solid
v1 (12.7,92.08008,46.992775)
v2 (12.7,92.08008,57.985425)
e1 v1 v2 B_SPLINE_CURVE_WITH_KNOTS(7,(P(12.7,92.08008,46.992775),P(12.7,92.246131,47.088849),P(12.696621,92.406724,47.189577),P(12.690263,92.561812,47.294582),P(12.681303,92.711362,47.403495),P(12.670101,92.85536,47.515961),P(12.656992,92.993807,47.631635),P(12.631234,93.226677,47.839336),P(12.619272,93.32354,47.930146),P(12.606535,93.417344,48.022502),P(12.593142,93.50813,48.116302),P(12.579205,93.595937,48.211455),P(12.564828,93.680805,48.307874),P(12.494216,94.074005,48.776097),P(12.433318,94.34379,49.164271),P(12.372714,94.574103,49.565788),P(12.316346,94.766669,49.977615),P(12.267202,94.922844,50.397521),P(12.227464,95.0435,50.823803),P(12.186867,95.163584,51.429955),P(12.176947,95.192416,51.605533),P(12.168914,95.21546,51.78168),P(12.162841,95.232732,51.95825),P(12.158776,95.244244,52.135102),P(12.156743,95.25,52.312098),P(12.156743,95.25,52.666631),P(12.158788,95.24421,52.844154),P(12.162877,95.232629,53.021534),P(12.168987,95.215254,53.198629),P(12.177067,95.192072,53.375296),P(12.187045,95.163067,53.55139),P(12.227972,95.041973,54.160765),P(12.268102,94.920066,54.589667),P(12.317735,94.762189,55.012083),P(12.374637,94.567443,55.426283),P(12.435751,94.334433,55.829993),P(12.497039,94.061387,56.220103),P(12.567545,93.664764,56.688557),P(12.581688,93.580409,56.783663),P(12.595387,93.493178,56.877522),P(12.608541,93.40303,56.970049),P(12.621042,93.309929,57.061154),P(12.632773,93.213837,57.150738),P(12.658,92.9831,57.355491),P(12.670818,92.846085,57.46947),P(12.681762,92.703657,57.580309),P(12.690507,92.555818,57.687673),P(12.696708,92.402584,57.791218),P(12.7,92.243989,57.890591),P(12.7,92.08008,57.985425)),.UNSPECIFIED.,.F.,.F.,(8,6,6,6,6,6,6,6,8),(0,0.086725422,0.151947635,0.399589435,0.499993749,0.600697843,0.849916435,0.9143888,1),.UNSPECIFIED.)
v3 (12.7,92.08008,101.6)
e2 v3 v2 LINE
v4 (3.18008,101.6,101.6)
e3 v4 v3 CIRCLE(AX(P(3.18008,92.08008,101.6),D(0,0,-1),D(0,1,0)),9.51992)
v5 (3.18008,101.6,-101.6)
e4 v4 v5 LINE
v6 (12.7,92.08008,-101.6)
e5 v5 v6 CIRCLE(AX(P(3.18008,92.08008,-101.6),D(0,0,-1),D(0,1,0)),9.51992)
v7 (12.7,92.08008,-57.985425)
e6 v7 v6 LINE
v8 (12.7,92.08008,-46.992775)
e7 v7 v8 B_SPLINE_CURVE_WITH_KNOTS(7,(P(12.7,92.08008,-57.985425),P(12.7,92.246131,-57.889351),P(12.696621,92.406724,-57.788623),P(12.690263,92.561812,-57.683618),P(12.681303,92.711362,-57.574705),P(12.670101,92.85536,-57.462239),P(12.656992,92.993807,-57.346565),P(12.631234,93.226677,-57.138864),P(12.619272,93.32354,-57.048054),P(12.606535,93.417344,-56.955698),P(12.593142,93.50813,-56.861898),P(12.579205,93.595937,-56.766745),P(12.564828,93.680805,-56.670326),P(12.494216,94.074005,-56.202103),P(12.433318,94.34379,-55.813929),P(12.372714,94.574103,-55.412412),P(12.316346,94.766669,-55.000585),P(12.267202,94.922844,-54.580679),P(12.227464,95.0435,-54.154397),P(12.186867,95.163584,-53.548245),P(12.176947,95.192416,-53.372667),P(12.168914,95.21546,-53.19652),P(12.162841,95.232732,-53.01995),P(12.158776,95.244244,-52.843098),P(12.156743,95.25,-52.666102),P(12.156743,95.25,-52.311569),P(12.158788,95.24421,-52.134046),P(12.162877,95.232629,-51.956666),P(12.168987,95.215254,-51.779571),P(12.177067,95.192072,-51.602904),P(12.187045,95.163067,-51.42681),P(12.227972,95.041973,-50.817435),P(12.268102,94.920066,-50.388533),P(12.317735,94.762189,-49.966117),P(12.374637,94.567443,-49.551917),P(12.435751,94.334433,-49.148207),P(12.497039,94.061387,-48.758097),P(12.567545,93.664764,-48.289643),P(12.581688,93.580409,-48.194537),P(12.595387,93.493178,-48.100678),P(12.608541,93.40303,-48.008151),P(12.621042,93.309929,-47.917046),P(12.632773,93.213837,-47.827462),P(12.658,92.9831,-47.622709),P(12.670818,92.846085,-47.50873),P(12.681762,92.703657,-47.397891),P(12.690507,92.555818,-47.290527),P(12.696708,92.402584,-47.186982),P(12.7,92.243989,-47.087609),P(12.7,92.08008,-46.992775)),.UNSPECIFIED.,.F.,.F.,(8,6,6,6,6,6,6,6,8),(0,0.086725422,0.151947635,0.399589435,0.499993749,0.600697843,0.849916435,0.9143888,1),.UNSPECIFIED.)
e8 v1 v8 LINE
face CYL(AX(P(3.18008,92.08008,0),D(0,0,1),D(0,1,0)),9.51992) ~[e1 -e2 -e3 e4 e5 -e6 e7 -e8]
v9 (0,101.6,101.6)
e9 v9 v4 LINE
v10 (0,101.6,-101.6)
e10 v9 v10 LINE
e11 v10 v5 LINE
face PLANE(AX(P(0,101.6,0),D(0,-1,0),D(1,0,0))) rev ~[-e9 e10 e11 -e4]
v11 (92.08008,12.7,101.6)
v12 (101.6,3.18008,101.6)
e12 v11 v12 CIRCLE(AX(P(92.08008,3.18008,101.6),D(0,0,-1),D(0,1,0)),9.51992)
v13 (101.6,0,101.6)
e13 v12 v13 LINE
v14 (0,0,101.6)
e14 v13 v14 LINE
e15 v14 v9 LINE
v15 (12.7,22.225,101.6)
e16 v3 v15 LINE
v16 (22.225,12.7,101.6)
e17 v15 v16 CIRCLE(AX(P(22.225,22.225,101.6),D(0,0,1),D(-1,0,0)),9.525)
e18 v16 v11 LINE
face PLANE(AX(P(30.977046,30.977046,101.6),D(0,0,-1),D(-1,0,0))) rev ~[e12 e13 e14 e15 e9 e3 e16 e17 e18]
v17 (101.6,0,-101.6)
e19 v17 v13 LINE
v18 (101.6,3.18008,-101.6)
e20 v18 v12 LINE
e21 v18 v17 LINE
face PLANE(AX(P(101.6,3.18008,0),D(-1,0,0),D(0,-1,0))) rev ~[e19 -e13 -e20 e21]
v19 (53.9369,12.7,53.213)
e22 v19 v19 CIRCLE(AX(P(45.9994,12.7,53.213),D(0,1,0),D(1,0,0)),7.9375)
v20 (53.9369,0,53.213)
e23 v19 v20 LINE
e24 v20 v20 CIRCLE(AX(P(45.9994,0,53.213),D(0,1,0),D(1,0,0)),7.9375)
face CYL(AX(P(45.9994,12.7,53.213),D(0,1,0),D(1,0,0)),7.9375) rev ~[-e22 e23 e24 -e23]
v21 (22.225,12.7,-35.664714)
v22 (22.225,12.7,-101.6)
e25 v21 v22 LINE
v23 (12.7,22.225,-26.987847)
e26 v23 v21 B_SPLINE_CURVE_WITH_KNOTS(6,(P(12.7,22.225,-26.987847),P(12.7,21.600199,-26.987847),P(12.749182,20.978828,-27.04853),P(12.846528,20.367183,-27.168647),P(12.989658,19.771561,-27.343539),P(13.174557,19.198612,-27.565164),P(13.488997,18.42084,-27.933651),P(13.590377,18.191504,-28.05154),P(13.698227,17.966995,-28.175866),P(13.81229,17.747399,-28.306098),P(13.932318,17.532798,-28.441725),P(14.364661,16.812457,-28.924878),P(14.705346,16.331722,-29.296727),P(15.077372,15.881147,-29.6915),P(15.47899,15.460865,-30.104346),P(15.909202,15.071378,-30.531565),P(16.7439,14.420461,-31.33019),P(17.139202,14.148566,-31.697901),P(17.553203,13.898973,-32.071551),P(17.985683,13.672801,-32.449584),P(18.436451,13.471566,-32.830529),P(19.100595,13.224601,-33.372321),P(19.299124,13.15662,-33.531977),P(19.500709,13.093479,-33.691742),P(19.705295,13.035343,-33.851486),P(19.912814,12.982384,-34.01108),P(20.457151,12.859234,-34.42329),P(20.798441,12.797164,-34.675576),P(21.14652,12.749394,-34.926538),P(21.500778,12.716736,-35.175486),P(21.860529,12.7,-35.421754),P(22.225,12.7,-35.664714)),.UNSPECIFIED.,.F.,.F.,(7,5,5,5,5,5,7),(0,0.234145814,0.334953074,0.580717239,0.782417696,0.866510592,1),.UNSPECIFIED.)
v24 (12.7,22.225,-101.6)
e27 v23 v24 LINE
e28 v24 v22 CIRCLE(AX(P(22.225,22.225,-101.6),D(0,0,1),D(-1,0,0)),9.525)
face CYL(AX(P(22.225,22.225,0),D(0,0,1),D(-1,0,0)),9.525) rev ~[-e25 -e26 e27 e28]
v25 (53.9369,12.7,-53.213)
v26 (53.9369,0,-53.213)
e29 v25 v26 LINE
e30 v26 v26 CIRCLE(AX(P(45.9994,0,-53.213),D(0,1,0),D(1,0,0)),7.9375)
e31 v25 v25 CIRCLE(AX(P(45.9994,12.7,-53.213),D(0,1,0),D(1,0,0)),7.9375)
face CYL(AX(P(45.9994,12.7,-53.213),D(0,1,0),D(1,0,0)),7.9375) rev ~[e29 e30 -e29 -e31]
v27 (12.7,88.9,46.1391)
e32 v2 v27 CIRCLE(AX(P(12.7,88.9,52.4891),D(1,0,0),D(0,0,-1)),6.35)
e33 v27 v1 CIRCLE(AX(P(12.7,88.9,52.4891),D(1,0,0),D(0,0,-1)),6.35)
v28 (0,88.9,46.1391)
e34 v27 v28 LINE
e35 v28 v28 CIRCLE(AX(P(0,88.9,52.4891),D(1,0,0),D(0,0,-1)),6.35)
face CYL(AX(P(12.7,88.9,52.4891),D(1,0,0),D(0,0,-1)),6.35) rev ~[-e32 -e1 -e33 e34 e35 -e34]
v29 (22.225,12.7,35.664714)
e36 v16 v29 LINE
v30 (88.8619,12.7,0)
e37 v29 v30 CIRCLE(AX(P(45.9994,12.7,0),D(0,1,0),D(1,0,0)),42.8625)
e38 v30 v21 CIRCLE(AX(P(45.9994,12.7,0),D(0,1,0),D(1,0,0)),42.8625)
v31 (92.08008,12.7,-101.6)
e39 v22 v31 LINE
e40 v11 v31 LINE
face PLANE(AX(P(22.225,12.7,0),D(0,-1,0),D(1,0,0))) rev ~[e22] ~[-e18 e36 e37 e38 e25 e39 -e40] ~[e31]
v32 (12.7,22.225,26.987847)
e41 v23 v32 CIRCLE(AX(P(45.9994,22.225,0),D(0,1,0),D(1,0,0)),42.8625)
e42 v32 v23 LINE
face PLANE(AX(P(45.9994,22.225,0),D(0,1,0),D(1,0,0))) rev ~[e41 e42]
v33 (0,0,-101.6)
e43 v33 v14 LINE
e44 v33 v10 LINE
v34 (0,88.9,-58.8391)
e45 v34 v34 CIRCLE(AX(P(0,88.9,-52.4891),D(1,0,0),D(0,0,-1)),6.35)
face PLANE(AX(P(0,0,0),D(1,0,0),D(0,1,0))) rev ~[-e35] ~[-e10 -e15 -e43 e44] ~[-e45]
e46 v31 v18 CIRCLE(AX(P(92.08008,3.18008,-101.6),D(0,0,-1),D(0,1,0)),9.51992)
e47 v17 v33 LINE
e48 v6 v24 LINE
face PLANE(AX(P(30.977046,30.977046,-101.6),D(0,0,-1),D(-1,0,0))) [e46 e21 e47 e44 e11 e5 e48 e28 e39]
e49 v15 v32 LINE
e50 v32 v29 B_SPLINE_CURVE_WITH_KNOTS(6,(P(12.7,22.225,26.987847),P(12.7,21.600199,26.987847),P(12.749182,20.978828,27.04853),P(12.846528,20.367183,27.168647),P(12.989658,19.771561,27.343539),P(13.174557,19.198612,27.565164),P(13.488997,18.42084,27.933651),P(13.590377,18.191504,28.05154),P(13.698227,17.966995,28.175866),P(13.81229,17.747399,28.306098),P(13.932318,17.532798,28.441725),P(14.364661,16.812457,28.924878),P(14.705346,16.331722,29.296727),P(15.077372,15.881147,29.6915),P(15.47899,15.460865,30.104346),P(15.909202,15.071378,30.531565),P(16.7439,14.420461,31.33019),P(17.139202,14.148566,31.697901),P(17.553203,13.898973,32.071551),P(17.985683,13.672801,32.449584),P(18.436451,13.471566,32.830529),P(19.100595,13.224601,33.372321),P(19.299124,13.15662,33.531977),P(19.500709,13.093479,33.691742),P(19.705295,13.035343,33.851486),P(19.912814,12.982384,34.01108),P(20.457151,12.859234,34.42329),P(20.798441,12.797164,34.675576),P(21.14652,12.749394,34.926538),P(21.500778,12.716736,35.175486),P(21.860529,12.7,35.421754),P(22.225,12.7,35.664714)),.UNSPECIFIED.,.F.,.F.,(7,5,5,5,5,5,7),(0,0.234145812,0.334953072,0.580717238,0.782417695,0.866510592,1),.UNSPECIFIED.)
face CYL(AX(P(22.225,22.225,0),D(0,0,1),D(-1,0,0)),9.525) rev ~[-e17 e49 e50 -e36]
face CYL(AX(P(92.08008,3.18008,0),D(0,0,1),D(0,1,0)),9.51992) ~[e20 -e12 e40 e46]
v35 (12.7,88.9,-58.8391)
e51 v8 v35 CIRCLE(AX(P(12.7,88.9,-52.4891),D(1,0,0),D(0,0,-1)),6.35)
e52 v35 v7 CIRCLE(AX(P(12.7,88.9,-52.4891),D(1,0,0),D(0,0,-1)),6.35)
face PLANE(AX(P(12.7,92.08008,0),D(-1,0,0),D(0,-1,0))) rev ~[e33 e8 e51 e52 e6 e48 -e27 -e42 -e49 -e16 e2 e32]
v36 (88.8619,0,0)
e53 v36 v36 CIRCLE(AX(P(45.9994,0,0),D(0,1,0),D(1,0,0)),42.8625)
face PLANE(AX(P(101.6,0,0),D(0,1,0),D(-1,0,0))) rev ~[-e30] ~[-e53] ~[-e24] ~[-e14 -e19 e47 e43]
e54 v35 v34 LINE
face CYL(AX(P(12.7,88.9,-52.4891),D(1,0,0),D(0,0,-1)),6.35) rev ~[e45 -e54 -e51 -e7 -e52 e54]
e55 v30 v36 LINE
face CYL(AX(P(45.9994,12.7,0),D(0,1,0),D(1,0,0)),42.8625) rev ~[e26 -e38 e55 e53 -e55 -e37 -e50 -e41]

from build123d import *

# Parameters (mm, degrees)
BOSS_EXTRUDE1_DEPTH     = 101.6
SKETCH2_R               = 7.9375
SKETCH2_R_2             = 42.8625
CUT_EXTRUDE1_DEPTH      = 9.525
CUT_EXTRUDE1_DEPTH_BACK = 12.7
CUT_EXTRUDE2_REACH      = 14.7
SKETCH3_R               = 6.35


with BuildPart() as part:
    # Sketch1 → Boss-Extrude1 (new body, symmetric)
    with BuildSketch(Plane.XY):
        with BuildLine():
            Line((0, 0), (0, 101.6))
            Line((0, 101.6), (3.18008, 101.6))
            ThreePointArc((3.18008, 101.6), (9.911679988, 98.811679988), (12.7, 92.08008))
            Line((12.7, 92.08008), (12.7, 22.225))
            ThreePointArc((12.7, 22.225), (15.489807909, 15.489807909), (22.225, 12.7))
            Line((22.225, 12.7), (92.08008, 12.7))
            ThreePointArc((92.08008, 12.7), (98.811679988, 9.911679988), (101.6, 3.18008))
            Line((101.6, 3.18008), (101.6, 0))
            Line((101.6, 0), (0, 0))
        make_face()
    extrude(amount=BOSS_EXTRUDE1_DEPTH, both=True)

    # Sketch2 → Cut-Extrude1 (cut, two sides)
    with BuildSketch(Plane(origin=(0, 12.7, 0), x_dir=(1, 0, 0), z_dir=(0, 1, 0))) as cut_extrude1_sk:
        with Locations((45.9994, 53.213)):
            Circle(SKETCH2_R)
        with Locations((45.9994, -53.213)):
            Circle(SKETCH2_R)
        with Locations((45.9994, 0)):
            Circle(SKETCH2_R_2)
    extrude(amount=CUT_EXTRUDE1_DEPTH, mode=Mode.SUBTRACT)
    extrude(cut_extrude1_sk.sketch, amount=-CUT_EXTRUDE1_DEPTH_BACK, mode=Mode.SUBTRACT)

    # Sketch3 → Cut-Extrude2 (cut, up to next)
    with BuildSketch(Plane(origin=(12.7, 0, 0), x_dir=(0, 0, -1), z_dir=(1, 0, 0)), mode=Mode.PRIVATE) as cut_extrude2_sk1:
        with Locations((52.4891, 88.9)):
            Circle(SKETCH3_R)
    cut_extrude2_tool1 = extrude(cut_extrude2_sk1.sketch, amount=-CUT_EXTRUDE2_REACH, mode=Mode.PRIVATE) & part.part
    add(cut_extrude2_tool1.solids().sort_by_distance((12.7, 88.9, -52.4891))[0], mode=Mode.SUBTRACT)
    # Sketch3 → Cut-Extrude2 (cut, up to next)
    with BuildSketch(Plane(origin=(12.7, 0, 0), x_dir=(0, 0, -1), z_dir=(1, 0, 0)), mode=Mode.PRIVATE) as cut_extrude2_sk2:
        with Locations((-52.4891, 88.9)):
            Circle(SKETCH3_R)
    cut_extrude2_tool2 = extrude(cut_extrude2_sk2.sketch, amount=-CUT_EXTRUDE2_REACH, mode=Mode.PRIVATE) & part.part
    add(cut_extrude2_tool2.solids().sort_by_distance((12.7, 88.9, 52.4891))[0], mode=Mode.SUBTRACT)


solid = part.part
